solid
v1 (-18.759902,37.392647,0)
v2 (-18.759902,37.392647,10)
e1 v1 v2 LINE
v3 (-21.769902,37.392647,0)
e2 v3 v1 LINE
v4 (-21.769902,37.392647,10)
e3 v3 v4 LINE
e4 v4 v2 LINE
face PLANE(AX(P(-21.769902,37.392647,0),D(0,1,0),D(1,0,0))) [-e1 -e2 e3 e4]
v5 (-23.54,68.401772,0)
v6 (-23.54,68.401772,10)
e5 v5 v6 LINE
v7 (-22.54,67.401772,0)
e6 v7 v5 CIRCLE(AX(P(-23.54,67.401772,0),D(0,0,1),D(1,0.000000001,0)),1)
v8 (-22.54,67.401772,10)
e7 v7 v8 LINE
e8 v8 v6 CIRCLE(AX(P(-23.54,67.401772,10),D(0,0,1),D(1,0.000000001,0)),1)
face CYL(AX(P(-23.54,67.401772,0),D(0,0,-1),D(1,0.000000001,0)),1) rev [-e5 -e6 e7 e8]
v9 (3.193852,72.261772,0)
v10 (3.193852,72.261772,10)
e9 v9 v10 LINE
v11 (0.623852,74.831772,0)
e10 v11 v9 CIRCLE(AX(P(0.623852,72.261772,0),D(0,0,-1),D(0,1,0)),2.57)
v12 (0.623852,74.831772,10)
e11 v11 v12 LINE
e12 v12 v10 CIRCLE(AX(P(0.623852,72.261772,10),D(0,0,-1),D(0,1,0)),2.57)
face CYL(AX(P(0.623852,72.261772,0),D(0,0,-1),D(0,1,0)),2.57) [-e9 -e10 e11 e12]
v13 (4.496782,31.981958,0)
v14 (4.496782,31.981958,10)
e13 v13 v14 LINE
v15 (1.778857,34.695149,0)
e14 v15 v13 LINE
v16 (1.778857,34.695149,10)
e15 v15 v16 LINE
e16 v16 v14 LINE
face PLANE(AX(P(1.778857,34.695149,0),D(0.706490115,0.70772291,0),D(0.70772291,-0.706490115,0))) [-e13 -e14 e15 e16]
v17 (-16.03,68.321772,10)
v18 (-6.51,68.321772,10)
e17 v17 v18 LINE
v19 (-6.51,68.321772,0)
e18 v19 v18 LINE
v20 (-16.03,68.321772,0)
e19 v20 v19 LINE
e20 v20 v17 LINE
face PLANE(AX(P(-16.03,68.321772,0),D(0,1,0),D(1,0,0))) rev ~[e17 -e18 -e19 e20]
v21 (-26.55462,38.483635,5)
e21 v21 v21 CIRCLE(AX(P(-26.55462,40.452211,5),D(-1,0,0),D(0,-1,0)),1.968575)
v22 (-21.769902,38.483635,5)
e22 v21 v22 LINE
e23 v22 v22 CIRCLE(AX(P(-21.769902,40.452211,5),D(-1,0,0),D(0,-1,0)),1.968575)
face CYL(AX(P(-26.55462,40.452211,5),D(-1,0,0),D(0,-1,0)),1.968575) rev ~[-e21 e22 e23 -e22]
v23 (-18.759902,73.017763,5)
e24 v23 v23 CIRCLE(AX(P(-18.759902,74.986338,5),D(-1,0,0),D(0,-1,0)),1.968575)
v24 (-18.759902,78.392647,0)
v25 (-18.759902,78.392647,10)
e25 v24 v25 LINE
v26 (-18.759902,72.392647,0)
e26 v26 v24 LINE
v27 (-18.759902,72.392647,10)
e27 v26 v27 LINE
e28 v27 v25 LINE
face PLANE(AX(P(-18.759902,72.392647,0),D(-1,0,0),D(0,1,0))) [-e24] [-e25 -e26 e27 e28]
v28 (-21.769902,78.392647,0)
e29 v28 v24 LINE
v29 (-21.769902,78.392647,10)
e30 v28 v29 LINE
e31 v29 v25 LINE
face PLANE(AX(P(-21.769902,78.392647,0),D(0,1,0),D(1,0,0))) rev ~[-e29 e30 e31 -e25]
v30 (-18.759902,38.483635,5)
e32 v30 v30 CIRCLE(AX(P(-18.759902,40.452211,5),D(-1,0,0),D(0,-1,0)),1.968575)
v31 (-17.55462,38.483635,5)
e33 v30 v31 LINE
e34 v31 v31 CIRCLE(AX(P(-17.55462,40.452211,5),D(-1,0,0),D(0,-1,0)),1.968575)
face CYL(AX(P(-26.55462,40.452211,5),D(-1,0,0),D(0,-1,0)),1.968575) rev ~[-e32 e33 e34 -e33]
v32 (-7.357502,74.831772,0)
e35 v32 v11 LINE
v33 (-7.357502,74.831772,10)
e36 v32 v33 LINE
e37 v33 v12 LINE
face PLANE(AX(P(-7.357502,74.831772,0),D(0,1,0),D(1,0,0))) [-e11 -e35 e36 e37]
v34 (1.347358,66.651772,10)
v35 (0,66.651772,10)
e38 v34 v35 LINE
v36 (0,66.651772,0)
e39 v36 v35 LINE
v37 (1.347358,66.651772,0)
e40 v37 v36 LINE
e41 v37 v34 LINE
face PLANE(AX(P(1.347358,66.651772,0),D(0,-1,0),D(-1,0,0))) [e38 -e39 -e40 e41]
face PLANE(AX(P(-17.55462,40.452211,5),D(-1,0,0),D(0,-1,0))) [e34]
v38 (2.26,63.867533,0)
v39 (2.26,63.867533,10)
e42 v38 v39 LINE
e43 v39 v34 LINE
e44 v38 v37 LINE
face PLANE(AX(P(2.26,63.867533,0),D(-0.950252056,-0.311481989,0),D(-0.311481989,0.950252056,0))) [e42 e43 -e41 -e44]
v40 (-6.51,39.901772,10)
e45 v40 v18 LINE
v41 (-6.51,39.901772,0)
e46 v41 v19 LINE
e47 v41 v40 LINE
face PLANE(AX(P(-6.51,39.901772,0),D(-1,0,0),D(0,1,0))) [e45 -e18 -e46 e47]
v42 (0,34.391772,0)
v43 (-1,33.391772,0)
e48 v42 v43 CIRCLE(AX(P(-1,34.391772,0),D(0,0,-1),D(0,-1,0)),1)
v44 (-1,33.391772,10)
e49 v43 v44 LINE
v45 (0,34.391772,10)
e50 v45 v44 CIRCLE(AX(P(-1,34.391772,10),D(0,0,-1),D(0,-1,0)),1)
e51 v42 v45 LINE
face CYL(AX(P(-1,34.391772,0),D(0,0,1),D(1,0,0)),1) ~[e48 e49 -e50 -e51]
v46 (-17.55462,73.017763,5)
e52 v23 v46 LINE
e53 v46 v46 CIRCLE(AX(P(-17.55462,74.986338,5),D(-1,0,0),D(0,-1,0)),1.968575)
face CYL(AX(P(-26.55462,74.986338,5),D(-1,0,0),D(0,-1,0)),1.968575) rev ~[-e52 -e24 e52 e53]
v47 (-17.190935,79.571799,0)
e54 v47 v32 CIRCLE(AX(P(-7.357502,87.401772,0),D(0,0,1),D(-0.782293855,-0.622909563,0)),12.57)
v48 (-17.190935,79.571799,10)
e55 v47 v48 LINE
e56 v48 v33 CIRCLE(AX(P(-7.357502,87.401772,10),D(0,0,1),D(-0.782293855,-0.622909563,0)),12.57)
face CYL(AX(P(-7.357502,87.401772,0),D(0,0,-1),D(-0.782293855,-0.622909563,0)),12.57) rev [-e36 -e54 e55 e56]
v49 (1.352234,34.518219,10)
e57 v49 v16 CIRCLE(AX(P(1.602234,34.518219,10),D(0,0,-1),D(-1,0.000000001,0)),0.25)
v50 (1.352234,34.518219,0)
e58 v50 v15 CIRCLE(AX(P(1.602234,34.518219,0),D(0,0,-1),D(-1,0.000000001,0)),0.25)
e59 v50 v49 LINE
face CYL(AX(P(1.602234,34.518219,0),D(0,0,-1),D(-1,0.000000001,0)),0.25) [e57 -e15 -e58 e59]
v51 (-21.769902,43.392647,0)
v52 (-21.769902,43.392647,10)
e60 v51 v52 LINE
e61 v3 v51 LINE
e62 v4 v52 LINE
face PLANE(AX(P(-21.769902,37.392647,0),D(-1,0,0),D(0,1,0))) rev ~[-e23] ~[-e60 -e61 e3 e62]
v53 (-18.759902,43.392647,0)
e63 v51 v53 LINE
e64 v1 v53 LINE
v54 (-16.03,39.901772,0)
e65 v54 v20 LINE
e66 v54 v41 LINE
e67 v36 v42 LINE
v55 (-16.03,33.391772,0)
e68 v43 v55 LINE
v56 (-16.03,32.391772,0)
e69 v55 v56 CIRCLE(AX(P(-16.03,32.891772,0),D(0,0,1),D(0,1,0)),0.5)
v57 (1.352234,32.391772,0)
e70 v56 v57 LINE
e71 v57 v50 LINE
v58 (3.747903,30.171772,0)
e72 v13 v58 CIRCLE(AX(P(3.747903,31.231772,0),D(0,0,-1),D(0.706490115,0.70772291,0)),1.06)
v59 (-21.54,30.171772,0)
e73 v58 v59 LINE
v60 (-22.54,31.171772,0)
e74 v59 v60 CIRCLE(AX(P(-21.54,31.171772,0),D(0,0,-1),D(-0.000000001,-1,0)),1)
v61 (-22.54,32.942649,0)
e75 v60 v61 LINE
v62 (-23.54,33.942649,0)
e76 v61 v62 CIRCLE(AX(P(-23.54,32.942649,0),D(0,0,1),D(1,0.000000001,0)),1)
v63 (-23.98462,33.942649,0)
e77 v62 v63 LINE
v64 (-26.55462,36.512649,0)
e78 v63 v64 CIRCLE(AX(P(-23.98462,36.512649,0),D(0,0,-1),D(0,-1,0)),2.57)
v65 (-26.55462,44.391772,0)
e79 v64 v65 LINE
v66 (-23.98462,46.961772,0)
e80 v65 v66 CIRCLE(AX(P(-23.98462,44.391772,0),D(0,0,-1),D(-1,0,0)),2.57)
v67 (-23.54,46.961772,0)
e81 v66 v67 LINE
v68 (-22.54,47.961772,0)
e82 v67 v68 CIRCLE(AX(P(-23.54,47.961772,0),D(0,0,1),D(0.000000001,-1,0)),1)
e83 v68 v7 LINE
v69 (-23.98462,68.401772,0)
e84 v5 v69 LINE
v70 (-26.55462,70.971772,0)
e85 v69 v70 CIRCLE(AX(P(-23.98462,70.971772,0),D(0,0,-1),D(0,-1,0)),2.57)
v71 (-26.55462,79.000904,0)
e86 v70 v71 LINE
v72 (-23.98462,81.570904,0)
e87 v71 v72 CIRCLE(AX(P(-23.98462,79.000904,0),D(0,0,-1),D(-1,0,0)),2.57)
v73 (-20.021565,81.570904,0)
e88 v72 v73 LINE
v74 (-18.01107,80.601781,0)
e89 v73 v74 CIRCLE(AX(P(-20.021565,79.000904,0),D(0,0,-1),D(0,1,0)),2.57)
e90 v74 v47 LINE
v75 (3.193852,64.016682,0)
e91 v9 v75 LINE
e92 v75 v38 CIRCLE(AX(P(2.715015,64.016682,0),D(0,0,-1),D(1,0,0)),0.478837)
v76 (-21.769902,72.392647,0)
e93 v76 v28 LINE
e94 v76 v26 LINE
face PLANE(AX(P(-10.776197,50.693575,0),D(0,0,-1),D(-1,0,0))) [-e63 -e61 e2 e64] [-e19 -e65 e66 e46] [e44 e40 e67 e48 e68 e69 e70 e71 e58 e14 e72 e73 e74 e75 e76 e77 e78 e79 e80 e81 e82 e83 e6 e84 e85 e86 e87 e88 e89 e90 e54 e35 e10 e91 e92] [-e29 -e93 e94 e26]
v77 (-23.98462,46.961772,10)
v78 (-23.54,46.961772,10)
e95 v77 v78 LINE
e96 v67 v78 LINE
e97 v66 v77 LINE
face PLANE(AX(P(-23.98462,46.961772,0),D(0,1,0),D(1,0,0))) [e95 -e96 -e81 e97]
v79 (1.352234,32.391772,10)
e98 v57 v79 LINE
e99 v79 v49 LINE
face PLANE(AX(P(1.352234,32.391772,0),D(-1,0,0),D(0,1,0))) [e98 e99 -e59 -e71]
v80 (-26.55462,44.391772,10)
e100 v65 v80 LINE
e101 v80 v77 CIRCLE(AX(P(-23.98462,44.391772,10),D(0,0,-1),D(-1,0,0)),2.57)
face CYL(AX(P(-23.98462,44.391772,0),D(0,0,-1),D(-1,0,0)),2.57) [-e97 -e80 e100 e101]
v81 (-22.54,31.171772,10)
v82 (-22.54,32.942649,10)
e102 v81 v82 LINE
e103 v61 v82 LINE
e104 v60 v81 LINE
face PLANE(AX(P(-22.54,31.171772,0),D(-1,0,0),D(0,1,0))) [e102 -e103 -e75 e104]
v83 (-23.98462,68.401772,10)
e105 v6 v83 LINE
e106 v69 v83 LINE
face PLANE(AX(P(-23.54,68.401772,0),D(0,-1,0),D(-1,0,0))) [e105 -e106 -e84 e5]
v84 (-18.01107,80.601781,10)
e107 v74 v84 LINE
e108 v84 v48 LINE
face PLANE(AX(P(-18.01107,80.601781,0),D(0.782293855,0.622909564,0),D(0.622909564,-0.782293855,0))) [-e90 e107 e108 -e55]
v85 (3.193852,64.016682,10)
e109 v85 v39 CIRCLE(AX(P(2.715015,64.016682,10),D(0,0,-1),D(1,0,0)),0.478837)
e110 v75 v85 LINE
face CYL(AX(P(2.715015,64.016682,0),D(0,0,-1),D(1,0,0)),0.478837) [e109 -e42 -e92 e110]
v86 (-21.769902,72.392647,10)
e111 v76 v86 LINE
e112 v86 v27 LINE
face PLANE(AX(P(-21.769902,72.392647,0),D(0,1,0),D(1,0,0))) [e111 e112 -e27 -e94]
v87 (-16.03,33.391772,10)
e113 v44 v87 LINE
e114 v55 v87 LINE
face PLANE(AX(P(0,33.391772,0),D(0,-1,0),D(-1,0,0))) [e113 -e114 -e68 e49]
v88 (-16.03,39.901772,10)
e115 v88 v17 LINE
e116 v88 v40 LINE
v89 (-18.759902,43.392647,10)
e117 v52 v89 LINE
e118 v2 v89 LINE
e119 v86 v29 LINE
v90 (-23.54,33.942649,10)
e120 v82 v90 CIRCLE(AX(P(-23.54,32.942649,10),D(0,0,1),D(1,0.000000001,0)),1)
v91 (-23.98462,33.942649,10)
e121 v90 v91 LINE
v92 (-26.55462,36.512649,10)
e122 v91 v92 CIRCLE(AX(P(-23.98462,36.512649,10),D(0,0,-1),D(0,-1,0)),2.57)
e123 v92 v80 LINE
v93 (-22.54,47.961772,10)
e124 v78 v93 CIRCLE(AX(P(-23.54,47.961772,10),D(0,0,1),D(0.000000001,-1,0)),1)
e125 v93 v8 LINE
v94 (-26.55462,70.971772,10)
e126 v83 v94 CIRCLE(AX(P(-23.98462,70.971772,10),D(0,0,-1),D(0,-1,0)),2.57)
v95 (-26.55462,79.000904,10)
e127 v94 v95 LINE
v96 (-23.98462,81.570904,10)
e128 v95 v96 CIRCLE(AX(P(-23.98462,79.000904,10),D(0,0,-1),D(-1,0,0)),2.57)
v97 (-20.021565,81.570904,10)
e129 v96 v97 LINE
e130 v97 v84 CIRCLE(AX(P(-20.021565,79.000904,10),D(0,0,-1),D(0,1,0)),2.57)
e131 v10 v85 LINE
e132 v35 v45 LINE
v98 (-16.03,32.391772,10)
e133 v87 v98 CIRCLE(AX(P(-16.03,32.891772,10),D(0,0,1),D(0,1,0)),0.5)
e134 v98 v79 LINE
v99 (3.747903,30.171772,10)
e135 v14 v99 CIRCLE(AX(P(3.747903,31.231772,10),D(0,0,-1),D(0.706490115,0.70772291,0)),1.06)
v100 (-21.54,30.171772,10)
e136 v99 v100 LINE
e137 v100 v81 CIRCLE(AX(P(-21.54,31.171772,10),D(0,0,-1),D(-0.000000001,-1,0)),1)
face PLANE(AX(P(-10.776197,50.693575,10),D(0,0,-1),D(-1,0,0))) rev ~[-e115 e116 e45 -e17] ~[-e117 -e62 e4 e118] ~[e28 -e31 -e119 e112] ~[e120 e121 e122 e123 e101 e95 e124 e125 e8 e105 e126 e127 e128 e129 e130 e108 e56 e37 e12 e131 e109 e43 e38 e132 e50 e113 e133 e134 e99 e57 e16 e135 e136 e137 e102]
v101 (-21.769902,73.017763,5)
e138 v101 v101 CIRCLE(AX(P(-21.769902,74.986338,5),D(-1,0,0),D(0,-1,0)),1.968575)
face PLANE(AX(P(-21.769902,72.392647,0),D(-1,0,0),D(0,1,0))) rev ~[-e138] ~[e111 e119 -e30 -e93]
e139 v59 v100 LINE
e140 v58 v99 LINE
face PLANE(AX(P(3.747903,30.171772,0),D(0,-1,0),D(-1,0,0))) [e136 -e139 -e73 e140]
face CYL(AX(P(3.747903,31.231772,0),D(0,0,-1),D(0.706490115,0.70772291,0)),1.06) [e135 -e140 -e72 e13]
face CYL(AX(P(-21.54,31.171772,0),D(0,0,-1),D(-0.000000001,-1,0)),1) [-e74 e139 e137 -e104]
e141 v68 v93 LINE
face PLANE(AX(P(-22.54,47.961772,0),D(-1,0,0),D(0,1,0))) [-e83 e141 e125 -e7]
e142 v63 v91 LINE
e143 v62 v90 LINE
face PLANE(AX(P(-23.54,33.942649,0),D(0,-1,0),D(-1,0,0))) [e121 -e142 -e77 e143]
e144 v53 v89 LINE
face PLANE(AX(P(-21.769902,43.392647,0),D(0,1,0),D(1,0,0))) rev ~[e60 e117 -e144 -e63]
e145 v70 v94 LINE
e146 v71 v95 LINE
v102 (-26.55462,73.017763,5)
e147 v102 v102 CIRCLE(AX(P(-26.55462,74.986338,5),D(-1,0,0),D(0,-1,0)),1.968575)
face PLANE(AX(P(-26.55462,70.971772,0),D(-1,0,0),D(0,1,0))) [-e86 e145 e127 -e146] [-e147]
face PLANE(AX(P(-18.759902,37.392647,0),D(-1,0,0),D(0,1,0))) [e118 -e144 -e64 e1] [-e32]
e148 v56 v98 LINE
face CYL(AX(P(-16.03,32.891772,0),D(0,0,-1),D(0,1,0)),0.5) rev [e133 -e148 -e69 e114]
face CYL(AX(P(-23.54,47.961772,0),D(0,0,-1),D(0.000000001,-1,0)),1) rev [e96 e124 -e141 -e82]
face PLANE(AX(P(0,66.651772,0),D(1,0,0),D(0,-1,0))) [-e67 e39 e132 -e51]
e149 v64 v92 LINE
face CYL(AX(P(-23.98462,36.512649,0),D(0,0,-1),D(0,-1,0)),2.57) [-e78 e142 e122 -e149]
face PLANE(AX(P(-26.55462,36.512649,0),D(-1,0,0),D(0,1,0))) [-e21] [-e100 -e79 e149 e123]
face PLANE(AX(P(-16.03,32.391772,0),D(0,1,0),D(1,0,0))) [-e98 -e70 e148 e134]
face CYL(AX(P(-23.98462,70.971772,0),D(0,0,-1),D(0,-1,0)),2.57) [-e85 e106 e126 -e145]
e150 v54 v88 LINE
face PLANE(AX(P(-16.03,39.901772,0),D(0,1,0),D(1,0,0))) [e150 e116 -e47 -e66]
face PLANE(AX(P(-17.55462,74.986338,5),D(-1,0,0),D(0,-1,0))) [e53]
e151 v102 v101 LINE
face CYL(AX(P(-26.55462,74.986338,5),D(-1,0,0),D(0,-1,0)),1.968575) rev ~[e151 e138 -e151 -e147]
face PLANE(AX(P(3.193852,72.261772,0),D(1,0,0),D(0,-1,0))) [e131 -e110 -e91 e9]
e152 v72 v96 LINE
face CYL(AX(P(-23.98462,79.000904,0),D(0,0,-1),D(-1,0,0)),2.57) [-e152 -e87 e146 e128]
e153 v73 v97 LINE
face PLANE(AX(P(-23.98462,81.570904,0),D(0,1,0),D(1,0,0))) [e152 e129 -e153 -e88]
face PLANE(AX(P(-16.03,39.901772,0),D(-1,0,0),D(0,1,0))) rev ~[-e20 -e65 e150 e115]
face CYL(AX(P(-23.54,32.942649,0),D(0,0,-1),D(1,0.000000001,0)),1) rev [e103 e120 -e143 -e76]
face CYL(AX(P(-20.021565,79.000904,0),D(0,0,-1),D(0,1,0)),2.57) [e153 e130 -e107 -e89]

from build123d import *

# Parameters (mm, degrees)
SKETCH2_W           = 9.52
SKETCH2_H           = 28.42
SKETCH2_W_2         = 3.01
SKETCH2_H_2         = 6
BOSS_EXTRUDE1_DEPTH = 10
SKETCH3_R           = 1.96857517
CUT_EXTRUDE1_DEPTH  = 9
FILLET1_R           = 1


with BuildPart() as part:
    # Sketch2 → Boss-Extrude1 (new body)
    with BuildSketch(Plane.XY):
        with BuildLine():
            Line((0, 66.651771766), (0, 33.391771766))
            Line((0, 33.391771766), (-16.03, 33.391771766))
            ThreePointArc((-16.03, 33.391771766), (-16.53, 32.891771766), (-16.03, 32.391771766))
            Line((-16.03, 32.391771766), (1.352234191, 32.391771766))
            Line((1.352234191, 32.391771766), (1.352234191, 34.518218659))
            ThreePointArc((1.352234191, 34.518218659), (1.506462672, 34.749146821), (1.77885672, 34.695149386))
            Line((1.77885672, 34.695149386), (4.496782459, 31.98195805))
            ThreePointArc((4.496782459, 31.98195805), (4.727391952, 30.826554208), (3.747902937, 30.171771766))
            Line((3.747902937, 30.171771766), (-21.54, 30.171771766))
            ThreePointArc((-21.54, 30.171771766), (-22.247106781, 30.464664985), (-22.54, 31.171771766))
            Line((-22.54, 31.171771766), (-22.54, 32.942649485))
            ThreePointArc((-22.54, 32.942649485), (-22.832893219, 33.649756266), (-23.54, 33.942649485))
            Line((-23.54, 33.942649485), (-23.98462025, 33.942649485))
            ThreePointArc((-23.98462025, 33.942649485), (-25.801884678, 34.695385057), (-26.55462025, 36.512649485))
            Line((-26.55462025, 36.512649485), (-26.55462025, 44.391771766))
            ThreePointArc((-26.55462025, 44.391771766), (-25.801884678, 46.209036193), (-23.98462025, 46.961771766))
            Line((-23.98462025, 46.961771766), (-23.54, 46.961771766))
            ThreePointArc((-23.54, 46.961771766), (-22.832893219, 47.254664985), (-22.54, 47.961771766))
            Line((-22.54, 47.961771766), (-22.54, 67.401771766))
            ThreePointArc((-22.54, 67.401771766), (-22.832893219, 68.108878547), (-23.54, 68.401771766))
            Line((-23.54, 68.401771766), (-23.98462025, 68.401771766))
            ThreePointArc((-23.98462025, 68.401771766), (-25.801884678, 69.154507338), (-26.55462025, 70.971771766))
            Line((-26.55462025, 70.971771766), (-26.55462025, 77.401771766))
            Line((-26.55462025, 77.401771766), (-26.55462025, 79.000903717))
            ThreePointArc((-26.55462025, 79.000903717), (-25.801884678, 80.818168145), (-23.98462025, 81.570903717))
            Line((-23.98462025, 81.570903717), (-20.021565093, 81.570903717))
            ThreePointArc((-20.021565093, 81.570903717), (-18.905624991, 81.31597989), (-18.011069886, 80.601781295))
            Line((-18.011069886, 80.601781295), (-17.190935487, 79.571798553))
            ThreePointArc((-17.190935487, 79.571798553), (-12.815621218, 76.078617097), (-7.357501728, 74.831771766))
            Line((-7.357501728, 74.831771766), (0.623852111, 74.831771766))
            ThreePointArc((0.623852111, 74.831771766), (2.441116539, 74.079036193), (3.193852111, 72.261771766))
            Line((3.193852111, 72.261771766), (3.193852111, 64.016682225))
            ThreePointArc((3.193852111, 64.016682225), (2.79053513, 63.543838386), (2.26, 63.867533241))
            Line((2.26, 63.867533241), (1.347357771, 66.651771766))
            Line((1.347357771, 66.651771766), (0, 66.651771766))
        make_face()
        with Locations((-11.27, 54.111771766)):
            Rectangle(SKETCH2_W, SKETCH2_H, mode=Mode.SUBTRACT)
        with Locations((-20.2649024, 75.392647139)):
            Rectangle(SKETCH2_W_2, SKETCH2_H_2, mode=Mode.SUBTRACT)
        with Locations((-20.2649024, 40.392647139)):
            Rectangle(SKETCH2_W_2, SKETCH2_H_2, mode=Mode.SUBTRACT)
    extrude(amount=BOSS_EXTRUDE1_DEPTH)

    # Sketch3 → Cut-Extrude1 (cut)
    with BuildSketch(Plane.ZY.offset(26.55462025)):
        with Locations(Location((5, 40.452210625, 0), (0, 0, 270))):
            Circle(SKETCH3_R)
        with Locations(Location((5, 74.986337741, 0), (0, 0, 270))):
            Circle(SKETCH3_R)
    extrude(amount=-CUT_EXTRUDE1_DEPTH, mode=Mode.SUBTRACT)

    # Fillet1
    fillet1_edges = [part.edges().sort_by_distance(p)[0] for p in [
        (0, 33.391771766, 5),
    ]]
    fillet(fillet1_edges, radius=FILLET1_R)


solid = part.part
